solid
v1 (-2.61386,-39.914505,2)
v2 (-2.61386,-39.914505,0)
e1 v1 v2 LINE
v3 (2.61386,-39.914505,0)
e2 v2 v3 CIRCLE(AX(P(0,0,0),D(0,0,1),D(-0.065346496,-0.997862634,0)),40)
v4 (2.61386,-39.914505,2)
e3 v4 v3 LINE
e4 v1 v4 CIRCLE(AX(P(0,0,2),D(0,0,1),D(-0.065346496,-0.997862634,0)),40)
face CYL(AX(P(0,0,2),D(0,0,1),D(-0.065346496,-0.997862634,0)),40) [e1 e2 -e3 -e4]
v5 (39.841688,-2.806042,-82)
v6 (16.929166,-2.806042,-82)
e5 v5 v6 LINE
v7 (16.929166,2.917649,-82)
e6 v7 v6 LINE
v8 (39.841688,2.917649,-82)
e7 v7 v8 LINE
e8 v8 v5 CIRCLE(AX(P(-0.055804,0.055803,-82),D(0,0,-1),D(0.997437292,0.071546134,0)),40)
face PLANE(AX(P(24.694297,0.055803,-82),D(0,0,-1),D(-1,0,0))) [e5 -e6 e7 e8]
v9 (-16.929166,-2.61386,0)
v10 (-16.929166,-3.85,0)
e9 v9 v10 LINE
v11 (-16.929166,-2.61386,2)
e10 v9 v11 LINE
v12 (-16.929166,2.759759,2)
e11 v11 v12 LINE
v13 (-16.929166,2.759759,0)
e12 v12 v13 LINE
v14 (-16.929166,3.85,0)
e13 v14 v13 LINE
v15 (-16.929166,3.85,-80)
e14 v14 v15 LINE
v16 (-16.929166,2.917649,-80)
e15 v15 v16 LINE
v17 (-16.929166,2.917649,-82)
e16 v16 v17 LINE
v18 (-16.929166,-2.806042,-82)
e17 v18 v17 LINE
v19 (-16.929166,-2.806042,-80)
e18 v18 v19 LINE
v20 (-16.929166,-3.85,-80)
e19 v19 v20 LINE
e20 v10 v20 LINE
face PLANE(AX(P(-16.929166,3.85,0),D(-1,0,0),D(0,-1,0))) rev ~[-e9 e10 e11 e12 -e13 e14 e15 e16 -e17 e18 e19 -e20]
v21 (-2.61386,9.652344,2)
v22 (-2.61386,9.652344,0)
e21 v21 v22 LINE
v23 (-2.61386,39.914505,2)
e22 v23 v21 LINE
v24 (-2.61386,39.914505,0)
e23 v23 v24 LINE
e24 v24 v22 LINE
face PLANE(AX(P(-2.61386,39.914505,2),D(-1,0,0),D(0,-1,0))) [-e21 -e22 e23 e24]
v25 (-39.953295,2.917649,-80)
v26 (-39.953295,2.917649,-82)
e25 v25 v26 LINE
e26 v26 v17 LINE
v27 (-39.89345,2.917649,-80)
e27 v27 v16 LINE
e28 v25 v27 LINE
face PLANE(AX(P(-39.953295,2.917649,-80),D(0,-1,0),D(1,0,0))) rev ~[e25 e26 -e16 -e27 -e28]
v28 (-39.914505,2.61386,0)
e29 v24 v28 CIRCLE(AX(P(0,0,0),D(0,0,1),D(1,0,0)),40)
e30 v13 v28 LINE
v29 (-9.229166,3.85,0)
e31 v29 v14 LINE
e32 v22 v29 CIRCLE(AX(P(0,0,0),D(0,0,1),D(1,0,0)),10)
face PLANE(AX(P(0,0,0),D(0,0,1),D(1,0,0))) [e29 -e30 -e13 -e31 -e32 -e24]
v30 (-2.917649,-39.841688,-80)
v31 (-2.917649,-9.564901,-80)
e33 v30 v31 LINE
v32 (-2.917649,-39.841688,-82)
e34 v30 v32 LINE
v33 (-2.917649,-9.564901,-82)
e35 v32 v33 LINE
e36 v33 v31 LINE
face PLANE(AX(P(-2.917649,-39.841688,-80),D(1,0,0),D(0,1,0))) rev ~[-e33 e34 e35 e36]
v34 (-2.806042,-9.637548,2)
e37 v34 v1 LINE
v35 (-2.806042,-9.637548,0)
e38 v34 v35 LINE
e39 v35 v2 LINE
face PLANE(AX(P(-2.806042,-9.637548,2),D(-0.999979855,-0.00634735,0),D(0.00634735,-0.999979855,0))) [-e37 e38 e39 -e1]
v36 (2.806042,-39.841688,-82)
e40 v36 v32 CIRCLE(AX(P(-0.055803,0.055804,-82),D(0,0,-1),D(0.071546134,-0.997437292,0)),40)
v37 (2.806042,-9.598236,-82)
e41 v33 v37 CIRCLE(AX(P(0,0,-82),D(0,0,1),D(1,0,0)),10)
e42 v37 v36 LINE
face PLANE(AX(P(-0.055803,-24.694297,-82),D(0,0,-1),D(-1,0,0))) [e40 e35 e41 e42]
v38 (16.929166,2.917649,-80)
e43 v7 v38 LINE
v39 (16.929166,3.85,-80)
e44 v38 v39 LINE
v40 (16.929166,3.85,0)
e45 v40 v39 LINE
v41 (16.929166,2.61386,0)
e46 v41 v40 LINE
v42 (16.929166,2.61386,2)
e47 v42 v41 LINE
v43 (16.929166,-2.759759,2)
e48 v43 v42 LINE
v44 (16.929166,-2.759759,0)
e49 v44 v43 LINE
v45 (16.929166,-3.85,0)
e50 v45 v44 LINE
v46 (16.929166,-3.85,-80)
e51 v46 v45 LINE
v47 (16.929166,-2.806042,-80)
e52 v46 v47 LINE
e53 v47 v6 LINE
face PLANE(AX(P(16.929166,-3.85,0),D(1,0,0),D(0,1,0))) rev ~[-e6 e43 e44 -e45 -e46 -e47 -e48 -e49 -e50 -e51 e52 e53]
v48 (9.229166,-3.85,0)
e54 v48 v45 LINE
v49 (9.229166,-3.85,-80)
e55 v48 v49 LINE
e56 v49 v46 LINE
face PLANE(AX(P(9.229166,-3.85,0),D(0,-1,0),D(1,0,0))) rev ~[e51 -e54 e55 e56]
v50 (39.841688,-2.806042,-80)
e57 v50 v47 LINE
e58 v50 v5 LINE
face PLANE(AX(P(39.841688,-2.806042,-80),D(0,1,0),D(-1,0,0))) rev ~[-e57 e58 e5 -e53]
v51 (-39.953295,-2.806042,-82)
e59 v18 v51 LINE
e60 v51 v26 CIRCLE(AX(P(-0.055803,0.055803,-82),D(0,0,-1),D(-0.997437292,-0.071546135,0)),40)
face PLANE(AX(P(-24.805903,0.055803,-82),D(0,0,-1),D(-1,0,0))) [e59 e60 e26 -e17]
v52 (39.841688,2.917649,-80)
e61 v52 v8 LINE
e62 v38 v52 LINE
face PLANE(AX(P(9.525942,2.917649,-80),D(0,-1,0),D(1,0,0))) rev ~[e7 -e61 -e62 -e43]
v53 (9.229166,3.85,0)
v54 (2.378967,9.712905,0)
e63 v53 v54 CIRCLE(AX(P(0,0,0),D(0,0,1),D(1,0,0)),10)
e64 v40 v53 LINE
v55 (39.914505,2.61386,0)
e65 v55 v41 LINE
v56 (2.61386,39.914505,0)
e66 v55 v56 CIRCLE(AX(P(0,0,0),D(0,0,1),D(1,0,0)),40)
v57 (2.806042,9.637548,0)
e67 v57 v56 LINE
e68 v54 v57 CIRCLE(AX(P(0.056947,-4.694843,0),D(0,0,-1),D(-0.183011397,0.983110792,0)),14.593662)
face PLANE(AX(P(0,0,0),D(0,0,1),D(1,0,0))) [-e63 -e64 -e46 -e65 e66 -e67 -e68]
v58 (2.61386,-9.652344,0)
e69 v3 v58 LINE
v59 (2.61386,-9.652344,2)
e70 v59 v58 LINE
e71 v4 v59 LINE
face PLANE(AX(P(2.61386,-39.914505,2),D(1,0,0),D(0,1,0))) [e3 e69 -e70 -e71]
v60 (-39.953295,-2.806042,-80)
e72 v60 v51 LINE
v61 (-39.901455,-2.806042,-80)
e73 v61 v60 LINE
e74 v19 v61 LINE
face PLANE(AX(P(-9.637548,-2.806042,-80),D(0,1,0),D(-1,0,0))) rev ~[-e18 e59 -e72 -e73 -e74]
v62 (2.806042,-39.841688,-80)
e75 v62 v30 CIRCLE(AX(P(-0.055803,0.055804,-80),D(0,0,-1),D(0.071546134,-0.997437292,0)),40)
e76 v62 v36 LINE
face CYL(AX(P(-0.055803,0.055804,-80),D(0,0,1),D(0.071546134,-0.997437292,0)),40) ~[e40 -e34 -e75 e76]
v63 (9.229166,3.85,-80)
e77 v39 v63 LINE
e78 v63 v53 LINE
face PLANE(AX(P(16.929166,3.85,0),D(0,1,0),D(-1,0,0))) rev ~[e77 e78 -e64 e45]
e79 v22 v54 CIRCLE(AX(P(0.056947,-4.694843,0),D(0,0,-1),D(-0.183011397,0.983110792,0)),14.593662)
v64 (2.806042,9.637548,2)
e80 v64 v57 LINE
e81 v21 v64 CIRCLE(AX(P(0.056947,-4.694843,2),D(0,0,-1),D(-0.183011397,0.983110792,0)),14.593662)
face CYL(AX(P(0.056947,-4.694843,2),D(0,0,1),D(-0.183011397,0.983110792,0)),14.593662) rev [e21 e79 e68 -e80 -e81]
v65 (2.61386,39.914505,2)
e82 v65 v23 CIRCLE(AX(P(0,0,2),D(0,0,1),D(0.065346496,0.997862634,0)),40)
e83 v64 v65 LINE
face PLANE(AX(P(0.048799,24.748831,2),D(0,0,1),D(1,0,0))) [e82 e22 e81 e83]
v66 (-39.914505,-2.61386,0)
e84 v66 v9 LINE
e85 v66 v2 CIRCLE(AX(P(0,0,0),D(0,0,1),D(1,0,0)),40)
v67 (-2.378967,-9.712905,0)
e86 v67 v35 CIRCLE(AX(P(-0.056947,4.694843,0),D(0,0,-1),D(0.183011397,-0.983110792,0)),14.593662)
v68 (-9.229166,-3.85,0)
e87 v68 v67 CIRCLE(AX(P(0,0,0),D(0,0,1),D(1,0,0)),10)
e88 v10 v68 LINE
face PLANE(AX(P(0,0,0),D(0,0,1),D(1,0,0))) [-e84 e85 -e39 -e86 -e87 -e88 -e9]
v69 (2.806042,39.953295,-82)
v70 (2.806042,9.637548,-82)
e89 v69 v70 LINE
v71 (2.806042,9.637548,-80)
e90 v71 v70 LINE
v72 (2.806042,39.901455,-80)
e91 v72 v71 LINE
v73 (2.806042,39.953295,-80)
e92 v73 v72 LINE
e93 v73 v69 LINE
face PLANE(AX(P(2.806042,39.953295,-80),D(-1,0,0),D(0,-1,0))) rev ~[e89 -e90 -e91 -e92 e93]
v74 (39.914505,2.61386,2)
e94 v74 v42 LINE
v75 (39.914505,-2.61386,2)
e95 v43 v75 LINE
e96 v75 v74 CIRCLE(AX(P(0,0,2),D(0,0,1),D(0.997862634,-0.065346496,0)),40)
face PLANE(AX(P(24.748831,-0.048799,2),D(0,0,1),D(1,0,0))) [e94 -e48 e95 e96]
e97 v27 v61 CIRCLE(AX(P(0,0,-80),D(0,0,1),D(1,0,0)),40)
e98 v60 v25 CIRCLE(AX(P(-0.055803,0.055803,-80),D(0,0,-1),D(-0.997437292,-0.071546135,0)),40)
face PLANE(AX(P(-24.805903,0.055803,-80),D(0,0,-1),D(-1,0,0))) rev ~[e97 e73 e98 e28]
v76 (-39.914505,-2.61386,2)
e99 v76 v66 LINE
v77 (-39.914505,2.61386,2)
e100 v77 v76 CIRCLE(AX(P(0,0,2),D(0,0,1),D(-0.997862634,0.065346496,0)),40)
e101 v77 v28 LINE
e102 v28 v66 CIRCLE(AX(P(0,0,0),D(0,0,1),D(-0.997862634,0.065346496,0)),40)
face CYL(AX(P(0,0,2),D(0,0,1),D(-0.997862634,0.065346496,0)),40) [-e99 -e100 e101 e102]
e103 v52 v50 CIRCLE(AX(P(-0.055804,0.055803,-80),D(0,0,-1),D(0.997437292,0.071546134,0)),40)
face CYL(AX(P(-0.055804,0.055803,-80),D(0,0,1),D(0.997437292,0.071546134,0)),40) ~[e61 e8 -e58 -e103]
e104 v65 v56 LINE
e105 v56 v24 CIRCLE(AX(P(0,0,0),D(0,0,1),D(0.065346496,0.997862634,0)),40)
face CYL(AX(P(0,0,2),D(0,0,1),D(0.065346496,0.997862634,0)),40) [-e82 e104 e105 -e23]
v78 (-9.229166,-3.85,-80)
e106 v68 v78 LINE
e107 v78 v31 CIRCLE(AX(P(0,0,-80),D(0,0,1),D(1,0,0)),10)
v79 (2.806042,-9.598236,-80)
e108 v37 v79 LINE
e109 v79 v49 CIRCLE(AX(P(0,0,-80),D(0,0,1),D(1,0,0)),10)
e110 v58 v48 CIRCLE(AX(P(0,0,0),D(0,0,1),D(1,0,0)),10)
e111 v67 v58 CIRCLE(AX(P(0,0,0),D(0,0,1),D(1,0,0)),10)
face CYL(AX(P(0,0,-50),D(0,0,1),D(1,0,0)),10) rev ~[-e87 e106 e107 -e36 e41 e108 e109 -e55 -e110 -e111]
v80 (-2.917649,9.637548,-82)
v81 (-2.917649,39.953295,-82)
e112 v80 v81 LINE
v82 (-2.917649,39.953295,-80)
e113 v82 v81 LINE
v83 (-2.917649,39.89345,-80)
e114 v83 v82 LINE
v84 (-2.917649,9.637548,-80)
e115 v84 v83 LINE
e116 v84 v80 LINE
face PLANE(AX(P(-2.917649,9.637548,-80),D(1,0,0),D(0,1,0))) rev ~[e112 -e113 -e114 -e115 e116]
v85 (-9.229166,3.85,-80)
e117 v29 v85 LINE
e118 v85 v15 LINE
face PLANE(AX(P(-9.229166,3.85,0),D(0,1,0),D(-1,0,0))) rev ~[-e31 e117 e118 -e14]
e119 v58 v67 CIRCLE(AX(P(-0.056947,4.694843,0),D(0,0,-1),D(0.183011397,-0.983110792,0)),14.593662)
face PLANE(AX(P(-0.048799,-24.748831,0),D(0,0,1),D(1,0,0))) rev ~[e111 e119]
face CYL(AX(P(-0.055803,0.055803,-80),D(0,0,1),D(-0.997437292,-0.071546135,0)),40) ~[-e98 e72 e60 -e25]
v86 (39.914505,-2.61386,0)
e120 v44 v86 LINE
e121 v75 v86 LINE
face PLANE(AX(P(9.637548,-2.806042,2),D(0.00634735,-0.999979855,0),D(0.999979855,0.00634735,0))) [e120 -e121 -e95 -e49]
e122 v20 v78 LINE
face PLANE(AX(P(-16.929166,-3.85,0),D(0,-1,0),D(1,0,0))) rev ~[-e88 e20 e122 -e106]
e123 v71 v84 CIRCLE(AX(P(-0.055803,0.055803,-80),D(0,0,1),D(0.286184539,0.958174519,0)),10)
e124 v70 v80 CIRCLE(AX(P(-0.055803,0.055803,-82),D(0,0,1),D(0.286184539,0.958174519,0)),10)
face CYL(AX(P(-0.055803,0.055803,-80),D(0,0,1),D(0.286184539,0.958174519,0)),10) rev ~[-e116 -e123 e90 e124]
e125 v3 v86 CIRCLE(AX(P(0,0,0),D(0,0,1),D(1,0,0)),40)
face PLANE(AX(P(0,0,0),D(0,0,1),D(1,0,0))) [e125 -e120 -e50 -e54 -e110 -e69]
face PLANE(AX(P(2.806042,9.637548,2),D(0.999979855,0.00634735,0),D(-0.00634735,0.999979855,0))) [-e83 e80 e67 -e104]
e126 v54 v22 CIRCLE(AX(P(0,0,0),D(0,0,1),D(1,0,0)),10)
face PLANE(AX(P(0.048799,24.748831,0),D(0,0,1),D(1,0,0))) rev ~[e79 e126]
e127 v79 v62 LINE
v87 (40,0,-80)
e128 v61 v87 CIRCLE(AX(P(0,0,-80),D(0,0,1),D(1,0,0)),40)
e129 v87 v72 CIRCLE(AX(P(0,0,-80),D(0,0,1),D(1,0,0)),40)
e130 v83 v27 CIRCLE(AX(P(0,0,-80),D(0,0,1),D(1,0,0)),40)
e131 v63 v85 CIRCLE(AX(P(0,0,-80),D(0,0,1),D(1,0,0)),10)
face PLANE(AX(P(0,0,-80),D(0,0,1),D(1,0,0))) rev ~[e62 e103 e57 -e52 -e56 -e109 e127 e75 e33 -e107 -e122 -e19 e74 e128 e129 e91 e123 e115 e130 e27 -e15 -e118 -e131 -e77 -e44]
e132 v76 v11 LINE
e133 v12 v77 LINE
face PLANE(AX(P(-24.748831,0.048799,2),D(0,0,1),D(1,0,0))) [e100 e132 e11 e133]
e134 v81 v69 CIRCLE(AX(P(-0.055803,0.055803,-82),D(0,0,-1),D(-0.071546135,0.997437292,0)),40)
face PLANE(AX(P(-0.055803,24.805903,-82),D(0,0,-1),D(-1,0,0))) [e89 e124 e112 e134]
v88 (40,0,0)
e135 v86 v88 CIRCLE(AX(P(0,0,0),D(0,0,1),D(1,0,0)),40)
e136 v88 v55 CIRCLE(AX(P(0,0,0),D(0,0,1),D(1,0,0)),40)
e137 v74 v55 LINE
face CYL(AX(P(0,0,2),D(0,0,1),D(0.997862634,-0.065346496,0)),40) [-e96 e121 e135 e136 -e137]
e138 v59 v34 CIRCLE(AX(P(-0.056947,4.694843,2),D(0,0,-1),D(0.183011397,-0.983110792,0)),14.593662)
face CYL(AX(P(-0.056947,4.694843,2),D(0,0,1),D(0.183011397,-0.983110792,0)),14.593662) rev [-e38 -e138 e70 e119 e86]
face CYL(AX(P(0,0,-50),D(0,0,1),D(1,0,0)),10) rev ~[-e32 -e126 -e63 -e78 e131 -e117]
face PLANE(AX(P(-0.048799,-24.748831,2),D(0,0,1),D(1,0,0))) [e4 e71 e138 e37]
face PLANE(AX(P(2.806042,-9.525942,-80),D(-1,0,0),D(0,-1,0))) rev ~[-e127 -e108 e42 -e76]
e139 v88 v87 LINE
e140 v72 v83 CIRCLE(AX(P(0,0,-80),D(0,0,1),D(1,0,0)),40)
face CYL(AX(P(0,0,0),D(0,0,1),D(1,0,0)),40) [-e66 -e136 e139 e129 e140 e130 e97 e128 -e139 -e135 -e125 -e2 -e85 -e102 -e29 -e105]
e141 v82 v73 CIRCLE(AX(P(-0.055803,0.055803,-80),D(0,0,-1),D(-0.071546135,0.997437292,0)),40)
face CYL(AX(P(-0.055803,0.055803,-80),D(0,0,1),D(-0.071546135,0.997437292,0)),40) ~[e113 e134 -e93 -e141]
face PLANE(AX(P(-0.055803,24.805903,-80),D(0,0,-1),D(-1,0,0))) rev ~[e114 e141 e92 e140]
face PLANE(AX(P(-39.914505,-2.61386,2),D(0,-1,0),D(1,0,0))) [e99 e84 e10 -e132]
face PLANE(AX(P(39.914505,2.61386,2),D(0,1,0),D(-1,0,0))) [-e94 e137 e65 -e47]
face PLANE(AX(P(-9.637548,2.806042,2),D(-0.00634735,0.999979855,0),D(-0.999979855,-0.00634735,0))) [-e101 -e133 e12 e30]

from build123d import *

# Parameters (mm, degrees)
SKETCH1_R           = 40
BOSS_EXTRUDE1_DEPTH = 80
SKETCH2_R           = 10
CUT_EXTRUDE1_DEPTH  = 50
BOSS_EXTRUDE3_DEPTH = 2
SKETCH7_R           = 10
CUT_EXTRUDE2_DEPTH  = 40
CUT_EXTRUDE3_DEPTH  = 86
BOSS_EXTRUDE5_START = 2
BOSS_EXTRUDE5_DEPTH = 2
SKETCH14_W          = 33.858331452
SKETCH14_H          = 7.7
CUT_EXTRUDE6_DEPTH  = 9


with BuildPart() as part:
    # Sketch1 → Boss-Extrude1 (new body)
    with BuildSketch(Plane.XY):
        Circle(SKETCH1_R)
    extrude(amount=-BOSS_EXTRUDE1_DEPTH)

    # Sketch2 → Cut-Extrude1 (cut)
    with BuildSketch(Plane.XY):
        Circle(SKETCH2_R)
    extrude(amount=-CUT_EXTRUDE1_DEPTH, mode=Mode.SUBTRACT)

    # Sketch5 → Boss-Extrude3 (add)
    with BuildSketch(Plane(origin=(0, 0, -80), x_dir=(-1, 0, 0), z_dir=(0, 0, -1))):
        with BuildLine():
            Line((-2.80604214, 39.953294916), (-2.80604214, 9.637548447))
            ThreePointArc((-2.80604214, 9.637548447), (0.055803254, 10.055803254), (2.917648647, 9.637548447))
            Line((2.917648647, 9.637548447), (2.917648647, 39.953294916))
            ThreePointArc((2.917648647, 39.953294916), (0.055803254, 40.055803254), (-2.80604214, 39.953294916))
        make_face()
        with BuildLine():
            Line((39.953294916, 2.917648647), (9.637548447, 2.917648647))
            ThreePointArc((9.637548447, 2.917648647), (10.055803254, 0.055803254), (9.637548447, -2.80604214))
            Line((9.637548447, -2.80604214), (39.953294916, -2.80604214))
            ThreePointArc((39.953294916, -2.80604214), (40.055803254, 0.055803254), (39.953294916, 2.917648647))
        make_face()
        with BuildLine():
            Line((2.917648647, -39.841688409), (2.917648647, -9.525941939))
            ThreePointArc((2.917648647, -9.525941939), (0.055803254, -9.944196746), (-2.80604214, -9.525941939))
            Line((-2.80604214, -9.525941939), (-2.80604214, -39.841688409))
            ThreePointArc((-2.80604214, -39.841688409), (0.055803254, -39.944196746), (2.917648647, -39.841688409))
        make_face()
        with BuildLine():
            Line((-39.841688409, -2.80604214), (-9.525941939, -2.80604214))
            ThreePointArc((-9.525941939, -2.80604214), (-9.944196746, 0.055803254), (-9.525941939, 2.917648647))
            Line((-9.525941939, 2.917648647), (-39.841688409, 2.917648647))
            ThreePointArc((-39.841688409, 2.917648647), (-39.944196746, 0.055803254), (-39.841688409, -2.80604214))
        make_face()
    extrude(amount=BOSS_EXTRUDE3_DEPTH)

    # Sketch7 → Cut-Extrude2 (cut)
    with BuildSketch(Plane.XY.offset(-50)):
        Circle(SKETCH7_R)
    extrude(amount=-CUT_EXTRUDE2_DEPTH, mode=Mode.SUBTRACT)

    # Sketch10 → Cut-Extrude3 (cut)
    with BuildSketch(Plane.XY):
        with BuildLine():
            ThreePointArc((-9.229165726, -3.85), (-10, 0), (-9.229165726, 3.85))
            Line((-9.229165726, 3.85), (-16.929165726, 3.85))
            Line((-16.929165726, 3.85), (-16.929165726, -3.85))
            Line((-16.929165726, -3.85), (-9.229165726, -3.85))
        make_face()
        with BuildLine():
            Line((16.929165726, 3.85), (9.229165726, 3.85))
            ThreePointArc((9.229165726, 3.85), (9.805397933, 1.963204363), (10, 0))
            ThreePointArc((10, 0), (9.805397933, -1.963204363), (9.229165726, -3.85))
            Line((9.229165726, -3.85), (16.929165726, -3.85))
            Line((16.929165726, -3.85), (16.929165726, 3.85))
        make_face()
    extrude(amount=-CUT_EXTRUDE3_DEPTH, mode=Mode.SUBTRACT)

    # Sketch12 → Boss-Extrude5 (add)
    with BuildSketch(Plane.XY.offset(BOSS_EXTRUDE5_START)):
        with BuildLine():
            Line((-2.61385984, 39.914505342), (-2.61385984, 9.652343588))
            ThreePointArc((-2.61385984, 9.652343588), (0.096784019, 9.898764617), (2.80604214, 9.637548447))
            Line((2.80604214, 9.637548447), (2.61385984, 39.914505342))
            ThreePointArc((2.61385984, 39.914505342), (0, 40), (-2.61385984, 39.914505342))
        make_face()
        with BuildLine():
            Line((39.914505342, 2.61385984), (9.652343588, 2.61385984))
            ThreePointArc((9.652343588, 2.61385984), (9.898764617, -0.096784019), (9.637548447, -2.80604214))
            Line((9.637548447, -2.80604214), (39.914505342, -2.61385984))
            ThreePointArc((39.914505342, -2.61385984), (40, 0), (39.914505342, 2.61385984))
        make_face()
        with BuildLine():
            Line((2.61385984, -39.914505342), (2.61385984, -9.652343588))
            ThreePointArc((2.61385984, -9.652343588), (-0.096784019, -9.898764617), (-2.80604214, -9.637548447))
            Line((-2.80604214, -9.637548447), (-2.61385984, -39.914505342))
            ThreePointArc((-2.61385984, -39.914505342), (0, -40), (2.61385984, -39.914505342))
        make_face()
        with BuildLine():
            Line((-39.914505342, -2.61385984), (-9.652343588, -2.61385984))
            ThreePointArc((-9.652343588, -2.61385984), (-9.898764617, 0.096784019), (-9.637548447, 2.80604214))
            Line((-9.637548447, 2.80604214), (-39.914505342, 2.61385984))
            ThreePointArc((-39.914505342, 2.61385984), (-40, 0), (-39.914505342, -2.61385984))
        make_face()
    extrude(amount=-BOSS_EXTRUDE5_DEPTH)

    # Sketch14 → Cut-Extrude6 (cut)
    with BuildSketch(Plane.XY.offset(2)):
        Rectangle(SKETCH14_W, SKETCH14_H)
    extrude(amount=-CUT_EXTRUDE6_DEPTH, mode=Mode.SUBTRACT)


solid = part.part
